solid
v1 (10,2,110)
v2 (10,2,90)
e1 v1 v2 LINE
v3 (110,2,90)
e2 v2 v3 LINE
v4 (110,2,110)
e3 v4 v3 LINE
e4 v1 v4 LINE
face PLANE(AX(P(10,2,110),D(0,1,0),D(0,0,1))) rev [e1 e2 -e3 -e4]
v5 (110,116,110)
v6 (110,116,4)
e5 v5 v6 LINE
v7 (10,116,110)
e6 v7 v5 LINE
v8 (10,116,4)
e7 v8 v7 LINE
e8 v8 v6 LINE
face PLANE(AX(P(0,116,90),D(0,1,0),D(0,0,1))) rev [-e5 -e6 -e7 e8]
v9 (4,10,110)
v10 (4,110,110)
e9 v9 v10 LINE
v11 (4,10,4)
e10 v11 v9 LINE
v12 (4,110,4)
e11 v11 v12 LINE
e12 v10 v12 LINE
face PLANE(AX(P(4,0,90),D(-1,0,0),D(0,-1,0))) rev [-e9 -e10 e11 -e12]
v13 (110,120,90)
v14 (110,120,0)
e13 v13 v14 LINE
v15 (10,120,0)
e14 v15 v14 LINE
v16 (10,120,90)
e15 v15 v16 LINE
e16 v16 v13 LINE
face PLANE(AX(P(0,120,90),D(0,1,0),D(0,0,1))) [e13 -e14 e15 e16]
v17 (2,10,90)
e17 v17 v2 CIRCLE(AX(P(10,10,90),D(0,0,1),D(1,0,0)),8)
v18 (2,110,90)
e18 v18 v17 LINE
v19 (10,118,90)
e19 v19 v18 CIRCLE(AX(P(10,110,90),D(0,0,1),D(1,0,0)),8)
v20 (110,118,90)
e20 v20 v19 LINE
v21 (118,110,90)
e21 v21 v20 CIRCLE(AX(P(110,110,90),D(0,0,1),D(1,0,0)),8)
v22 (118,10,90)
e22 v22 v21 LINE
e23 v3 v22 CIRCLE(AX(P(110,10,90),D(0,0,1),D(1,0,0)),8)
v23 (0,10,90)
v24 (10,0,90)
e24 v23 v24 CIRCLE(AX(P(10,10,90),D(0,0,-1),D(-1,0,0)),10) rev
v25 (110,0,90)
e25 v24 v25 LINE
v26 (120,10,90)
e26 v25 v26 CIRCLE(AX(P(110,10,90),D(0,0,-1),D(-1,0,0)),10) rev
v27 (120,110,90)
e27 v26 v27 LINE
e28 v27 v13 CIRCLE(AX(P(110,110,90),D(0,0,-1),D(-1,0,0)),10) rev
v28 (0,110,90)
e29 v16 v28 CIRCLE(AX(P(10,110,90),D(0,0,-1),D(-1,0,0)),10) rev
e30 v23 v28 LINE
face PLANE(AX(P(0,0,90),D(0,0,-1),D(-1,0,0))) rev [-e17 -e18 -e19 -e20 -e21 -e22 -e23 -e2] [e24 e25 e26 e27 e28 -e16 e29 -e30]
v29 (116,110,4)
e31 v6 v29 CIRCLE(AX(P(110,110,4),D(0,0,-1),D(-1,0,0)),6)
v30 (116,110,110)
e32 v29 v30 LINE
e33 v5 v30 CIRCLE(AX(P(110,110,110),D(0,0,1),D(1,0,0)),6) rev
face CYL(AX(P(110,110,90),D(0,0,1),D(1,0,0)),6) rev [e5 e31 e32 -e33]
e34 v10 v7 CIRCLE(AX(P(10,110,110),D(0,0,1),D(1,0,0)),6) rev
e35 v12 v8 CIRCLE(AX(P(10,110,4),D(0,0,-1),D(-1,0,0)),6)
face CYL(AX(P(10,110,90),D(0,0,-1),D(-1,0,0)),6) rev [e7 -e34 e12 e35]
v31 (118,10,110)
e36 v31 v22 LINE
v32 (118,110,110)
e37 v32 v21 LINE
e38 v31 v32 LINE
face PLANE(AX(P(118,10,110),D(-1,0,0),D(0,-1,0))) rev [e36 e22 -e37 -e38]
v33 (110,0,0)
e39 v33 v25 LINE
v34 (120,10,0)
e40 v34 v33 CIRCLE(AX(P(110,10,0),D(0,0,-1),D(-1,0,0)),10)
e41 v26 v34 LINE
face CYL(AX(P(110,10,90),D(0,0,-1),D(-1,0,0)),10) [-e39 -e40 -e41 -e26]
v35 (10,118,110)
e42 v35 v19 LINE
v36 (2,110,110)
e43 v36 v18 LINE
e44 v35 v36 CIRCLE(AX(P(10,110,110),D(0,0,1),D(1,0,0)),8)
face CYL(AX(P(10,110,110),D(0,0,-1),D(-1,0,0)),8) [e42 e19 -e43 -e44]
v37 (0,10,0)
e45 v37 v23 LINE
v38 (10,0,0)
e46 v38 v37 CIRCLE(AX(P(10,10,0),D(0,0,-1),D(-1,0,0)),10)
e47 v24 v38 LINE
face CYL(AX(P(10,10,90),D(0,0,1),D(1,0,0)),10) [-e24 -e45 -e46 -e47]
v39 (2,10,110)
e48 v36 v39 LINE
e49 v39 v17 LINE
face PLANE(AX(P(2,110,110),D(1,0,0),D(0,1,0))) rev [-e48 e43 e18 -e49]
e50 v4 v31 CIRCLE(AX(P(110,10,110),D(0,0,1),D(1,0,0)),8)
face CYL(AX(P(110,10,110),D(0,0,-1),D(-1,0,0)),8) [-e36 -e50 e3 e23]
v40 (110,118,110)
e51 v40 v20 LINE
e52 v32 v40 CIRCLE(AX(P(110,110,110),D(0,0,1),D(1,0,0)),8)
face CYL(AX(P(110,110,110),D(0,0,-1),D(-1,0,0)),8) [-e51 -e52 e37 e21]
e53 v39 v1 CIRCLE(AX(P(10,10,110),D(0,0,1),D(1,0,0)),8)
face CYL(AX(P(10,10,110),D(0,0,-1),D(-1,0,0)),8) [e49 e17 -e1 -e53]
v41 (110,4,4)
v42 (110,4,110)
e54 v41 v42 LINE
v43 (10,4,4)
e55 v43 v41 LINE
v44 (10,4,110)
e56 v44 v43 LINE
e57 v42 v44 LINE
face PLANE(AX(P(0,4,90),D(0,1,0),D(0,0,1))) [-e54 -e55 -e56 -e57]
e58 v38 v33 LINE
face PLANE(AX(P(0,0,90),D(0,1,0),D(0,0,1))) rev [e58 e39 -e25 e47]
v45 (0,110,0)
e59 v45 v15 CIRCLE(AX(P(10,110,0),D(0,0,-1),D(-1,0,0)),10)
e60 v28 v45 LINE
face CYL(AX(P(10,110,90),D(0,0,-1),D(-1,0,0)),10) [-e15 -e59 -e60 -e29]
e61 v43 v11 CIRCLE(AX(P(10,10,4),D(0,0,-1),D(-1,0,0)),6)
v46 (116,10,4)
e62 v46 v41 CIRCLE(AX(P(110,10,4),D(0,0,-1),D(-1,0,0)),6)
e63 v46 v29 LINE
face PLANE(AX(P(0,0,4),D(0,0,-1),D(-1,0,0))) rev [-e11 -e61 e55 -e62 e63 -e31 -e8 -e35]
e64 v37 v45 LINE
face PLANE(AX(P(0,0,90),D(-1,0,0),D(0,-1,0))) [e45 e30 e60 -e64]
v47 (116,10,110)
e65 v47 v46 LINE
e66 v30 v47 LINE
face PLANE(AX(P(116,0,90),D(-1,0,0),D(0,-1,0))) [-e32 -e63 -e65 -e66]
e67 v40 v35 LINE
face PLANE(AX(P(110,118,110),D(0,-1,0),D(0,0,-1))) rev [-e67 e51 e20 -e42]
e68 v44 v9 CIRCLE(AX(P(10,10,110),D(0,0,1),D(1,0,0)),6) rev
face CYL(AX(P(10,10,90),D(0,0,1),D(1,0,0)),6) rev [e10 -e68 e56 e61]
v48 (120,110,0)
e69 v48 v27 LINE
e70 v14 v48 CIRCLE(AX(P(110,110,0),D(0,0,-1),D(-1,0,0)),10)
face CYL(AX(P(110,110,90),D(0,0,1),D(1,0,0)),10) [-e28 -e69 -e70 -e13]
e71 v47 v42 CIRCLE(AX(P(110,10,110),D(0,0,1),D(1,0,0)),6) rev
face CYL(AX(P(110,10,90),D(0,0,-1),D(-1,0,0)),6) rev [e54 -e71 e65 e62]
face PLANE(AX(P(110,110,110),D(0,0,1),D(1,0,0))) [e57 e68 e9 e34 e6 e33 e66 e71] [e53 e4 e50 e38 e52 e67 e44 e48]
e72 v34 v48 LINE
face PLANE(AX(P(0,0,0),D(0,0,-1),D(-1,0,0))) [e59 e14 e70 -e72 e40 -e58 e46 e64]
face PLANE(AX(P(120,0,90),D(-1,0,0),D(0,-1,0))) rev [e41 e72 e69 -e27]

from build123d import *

# Parameters (mm, degrees)
SKETCH1_W           = 120
SKETCH1_H           = 120
BOSS_EXTRUDE1_DEPTH = 90
FILLET1_R           = 10
SHELL1_T            = -4
BOSS_EXTRUDE3_START = 20
BOSS_EXTRUDE3_DEPTH = 20


with BuildPart() as part:
    # Sketch1 → Boss-Extrude1 (new body)
    with BuildSketch(Plane.XY):
        with Locations((60, 60)):
            Rectangle(SKETCH1_W, SKETCH1_H)
    extrude(amount=BOSS_EXTRUDE1_DEPTH)

    # Fillet1
    fillet1_edges = [part.edges().sort_by_distance(p)[0] for p in [
        (0, 0, 45),
        (120, 0, 45),
        (120, 120, 45),
        (0, 120, 45),
    ]]
    fillet(fillet1_edges, radius=FILLET1_R)

    # Shell1
    shell1_openings = [part.faces().sort_by_distance(p)[0] for p in [
        (60, 60, 90),
    ]]
    offset(amount=SHELL1_T, openings=shell1_openings, kind=Kind.INTERSECTION)

    # Sketch2 → Boss-Extrude3 (add)
    with BuildSketch(Plane.XY.offset(90).offset(BOSS_EXTRUDE3_START)):
        with BuildLine():
            ThreePointArc((10, 118), (4.343145751, 115.656854249), (2, 110))
            Line((2, 110), (2, 10))
            ThreePointArc((2, 10), (4.343145751, 4.343145751), (10, 2))
            Line((10, 2), (110, 2))
            ThreePointArc((110, 2), (115.656854249, 4.343145751), (118, 10))
            Line((118, 10), (118, 110))
            ThreePointArc((118, 110), (115.656854249, 115.656854249), (110, 118))
            Line((110, 118), (10, 118))
        make_face()
        with BuildLine():
            ThreePointArc((116, 10), (114.242640687, 5.757359313), (110, 4))
            Line((110, 4), (10, 4))
            ThreePointArc((10, 4), (5.757359313, 5.757359313), (4, 10))
            Line((4, 10), (4, 110))
            ThreePointArc((4, 110), (5.757359313, 114.242640687), (10, 116))
            Line((10, 116), (110, 116))
            ThreePointArc((110, 116), (114.242640687, 114.242640687), (116, 110))
            Line((116, 110), (116, 10))
        make_face(mode=Mode.SUBTRACT)
    extrude(amount=-BOSS_EXTRUDE3_DEPTH)


solid = part.part
